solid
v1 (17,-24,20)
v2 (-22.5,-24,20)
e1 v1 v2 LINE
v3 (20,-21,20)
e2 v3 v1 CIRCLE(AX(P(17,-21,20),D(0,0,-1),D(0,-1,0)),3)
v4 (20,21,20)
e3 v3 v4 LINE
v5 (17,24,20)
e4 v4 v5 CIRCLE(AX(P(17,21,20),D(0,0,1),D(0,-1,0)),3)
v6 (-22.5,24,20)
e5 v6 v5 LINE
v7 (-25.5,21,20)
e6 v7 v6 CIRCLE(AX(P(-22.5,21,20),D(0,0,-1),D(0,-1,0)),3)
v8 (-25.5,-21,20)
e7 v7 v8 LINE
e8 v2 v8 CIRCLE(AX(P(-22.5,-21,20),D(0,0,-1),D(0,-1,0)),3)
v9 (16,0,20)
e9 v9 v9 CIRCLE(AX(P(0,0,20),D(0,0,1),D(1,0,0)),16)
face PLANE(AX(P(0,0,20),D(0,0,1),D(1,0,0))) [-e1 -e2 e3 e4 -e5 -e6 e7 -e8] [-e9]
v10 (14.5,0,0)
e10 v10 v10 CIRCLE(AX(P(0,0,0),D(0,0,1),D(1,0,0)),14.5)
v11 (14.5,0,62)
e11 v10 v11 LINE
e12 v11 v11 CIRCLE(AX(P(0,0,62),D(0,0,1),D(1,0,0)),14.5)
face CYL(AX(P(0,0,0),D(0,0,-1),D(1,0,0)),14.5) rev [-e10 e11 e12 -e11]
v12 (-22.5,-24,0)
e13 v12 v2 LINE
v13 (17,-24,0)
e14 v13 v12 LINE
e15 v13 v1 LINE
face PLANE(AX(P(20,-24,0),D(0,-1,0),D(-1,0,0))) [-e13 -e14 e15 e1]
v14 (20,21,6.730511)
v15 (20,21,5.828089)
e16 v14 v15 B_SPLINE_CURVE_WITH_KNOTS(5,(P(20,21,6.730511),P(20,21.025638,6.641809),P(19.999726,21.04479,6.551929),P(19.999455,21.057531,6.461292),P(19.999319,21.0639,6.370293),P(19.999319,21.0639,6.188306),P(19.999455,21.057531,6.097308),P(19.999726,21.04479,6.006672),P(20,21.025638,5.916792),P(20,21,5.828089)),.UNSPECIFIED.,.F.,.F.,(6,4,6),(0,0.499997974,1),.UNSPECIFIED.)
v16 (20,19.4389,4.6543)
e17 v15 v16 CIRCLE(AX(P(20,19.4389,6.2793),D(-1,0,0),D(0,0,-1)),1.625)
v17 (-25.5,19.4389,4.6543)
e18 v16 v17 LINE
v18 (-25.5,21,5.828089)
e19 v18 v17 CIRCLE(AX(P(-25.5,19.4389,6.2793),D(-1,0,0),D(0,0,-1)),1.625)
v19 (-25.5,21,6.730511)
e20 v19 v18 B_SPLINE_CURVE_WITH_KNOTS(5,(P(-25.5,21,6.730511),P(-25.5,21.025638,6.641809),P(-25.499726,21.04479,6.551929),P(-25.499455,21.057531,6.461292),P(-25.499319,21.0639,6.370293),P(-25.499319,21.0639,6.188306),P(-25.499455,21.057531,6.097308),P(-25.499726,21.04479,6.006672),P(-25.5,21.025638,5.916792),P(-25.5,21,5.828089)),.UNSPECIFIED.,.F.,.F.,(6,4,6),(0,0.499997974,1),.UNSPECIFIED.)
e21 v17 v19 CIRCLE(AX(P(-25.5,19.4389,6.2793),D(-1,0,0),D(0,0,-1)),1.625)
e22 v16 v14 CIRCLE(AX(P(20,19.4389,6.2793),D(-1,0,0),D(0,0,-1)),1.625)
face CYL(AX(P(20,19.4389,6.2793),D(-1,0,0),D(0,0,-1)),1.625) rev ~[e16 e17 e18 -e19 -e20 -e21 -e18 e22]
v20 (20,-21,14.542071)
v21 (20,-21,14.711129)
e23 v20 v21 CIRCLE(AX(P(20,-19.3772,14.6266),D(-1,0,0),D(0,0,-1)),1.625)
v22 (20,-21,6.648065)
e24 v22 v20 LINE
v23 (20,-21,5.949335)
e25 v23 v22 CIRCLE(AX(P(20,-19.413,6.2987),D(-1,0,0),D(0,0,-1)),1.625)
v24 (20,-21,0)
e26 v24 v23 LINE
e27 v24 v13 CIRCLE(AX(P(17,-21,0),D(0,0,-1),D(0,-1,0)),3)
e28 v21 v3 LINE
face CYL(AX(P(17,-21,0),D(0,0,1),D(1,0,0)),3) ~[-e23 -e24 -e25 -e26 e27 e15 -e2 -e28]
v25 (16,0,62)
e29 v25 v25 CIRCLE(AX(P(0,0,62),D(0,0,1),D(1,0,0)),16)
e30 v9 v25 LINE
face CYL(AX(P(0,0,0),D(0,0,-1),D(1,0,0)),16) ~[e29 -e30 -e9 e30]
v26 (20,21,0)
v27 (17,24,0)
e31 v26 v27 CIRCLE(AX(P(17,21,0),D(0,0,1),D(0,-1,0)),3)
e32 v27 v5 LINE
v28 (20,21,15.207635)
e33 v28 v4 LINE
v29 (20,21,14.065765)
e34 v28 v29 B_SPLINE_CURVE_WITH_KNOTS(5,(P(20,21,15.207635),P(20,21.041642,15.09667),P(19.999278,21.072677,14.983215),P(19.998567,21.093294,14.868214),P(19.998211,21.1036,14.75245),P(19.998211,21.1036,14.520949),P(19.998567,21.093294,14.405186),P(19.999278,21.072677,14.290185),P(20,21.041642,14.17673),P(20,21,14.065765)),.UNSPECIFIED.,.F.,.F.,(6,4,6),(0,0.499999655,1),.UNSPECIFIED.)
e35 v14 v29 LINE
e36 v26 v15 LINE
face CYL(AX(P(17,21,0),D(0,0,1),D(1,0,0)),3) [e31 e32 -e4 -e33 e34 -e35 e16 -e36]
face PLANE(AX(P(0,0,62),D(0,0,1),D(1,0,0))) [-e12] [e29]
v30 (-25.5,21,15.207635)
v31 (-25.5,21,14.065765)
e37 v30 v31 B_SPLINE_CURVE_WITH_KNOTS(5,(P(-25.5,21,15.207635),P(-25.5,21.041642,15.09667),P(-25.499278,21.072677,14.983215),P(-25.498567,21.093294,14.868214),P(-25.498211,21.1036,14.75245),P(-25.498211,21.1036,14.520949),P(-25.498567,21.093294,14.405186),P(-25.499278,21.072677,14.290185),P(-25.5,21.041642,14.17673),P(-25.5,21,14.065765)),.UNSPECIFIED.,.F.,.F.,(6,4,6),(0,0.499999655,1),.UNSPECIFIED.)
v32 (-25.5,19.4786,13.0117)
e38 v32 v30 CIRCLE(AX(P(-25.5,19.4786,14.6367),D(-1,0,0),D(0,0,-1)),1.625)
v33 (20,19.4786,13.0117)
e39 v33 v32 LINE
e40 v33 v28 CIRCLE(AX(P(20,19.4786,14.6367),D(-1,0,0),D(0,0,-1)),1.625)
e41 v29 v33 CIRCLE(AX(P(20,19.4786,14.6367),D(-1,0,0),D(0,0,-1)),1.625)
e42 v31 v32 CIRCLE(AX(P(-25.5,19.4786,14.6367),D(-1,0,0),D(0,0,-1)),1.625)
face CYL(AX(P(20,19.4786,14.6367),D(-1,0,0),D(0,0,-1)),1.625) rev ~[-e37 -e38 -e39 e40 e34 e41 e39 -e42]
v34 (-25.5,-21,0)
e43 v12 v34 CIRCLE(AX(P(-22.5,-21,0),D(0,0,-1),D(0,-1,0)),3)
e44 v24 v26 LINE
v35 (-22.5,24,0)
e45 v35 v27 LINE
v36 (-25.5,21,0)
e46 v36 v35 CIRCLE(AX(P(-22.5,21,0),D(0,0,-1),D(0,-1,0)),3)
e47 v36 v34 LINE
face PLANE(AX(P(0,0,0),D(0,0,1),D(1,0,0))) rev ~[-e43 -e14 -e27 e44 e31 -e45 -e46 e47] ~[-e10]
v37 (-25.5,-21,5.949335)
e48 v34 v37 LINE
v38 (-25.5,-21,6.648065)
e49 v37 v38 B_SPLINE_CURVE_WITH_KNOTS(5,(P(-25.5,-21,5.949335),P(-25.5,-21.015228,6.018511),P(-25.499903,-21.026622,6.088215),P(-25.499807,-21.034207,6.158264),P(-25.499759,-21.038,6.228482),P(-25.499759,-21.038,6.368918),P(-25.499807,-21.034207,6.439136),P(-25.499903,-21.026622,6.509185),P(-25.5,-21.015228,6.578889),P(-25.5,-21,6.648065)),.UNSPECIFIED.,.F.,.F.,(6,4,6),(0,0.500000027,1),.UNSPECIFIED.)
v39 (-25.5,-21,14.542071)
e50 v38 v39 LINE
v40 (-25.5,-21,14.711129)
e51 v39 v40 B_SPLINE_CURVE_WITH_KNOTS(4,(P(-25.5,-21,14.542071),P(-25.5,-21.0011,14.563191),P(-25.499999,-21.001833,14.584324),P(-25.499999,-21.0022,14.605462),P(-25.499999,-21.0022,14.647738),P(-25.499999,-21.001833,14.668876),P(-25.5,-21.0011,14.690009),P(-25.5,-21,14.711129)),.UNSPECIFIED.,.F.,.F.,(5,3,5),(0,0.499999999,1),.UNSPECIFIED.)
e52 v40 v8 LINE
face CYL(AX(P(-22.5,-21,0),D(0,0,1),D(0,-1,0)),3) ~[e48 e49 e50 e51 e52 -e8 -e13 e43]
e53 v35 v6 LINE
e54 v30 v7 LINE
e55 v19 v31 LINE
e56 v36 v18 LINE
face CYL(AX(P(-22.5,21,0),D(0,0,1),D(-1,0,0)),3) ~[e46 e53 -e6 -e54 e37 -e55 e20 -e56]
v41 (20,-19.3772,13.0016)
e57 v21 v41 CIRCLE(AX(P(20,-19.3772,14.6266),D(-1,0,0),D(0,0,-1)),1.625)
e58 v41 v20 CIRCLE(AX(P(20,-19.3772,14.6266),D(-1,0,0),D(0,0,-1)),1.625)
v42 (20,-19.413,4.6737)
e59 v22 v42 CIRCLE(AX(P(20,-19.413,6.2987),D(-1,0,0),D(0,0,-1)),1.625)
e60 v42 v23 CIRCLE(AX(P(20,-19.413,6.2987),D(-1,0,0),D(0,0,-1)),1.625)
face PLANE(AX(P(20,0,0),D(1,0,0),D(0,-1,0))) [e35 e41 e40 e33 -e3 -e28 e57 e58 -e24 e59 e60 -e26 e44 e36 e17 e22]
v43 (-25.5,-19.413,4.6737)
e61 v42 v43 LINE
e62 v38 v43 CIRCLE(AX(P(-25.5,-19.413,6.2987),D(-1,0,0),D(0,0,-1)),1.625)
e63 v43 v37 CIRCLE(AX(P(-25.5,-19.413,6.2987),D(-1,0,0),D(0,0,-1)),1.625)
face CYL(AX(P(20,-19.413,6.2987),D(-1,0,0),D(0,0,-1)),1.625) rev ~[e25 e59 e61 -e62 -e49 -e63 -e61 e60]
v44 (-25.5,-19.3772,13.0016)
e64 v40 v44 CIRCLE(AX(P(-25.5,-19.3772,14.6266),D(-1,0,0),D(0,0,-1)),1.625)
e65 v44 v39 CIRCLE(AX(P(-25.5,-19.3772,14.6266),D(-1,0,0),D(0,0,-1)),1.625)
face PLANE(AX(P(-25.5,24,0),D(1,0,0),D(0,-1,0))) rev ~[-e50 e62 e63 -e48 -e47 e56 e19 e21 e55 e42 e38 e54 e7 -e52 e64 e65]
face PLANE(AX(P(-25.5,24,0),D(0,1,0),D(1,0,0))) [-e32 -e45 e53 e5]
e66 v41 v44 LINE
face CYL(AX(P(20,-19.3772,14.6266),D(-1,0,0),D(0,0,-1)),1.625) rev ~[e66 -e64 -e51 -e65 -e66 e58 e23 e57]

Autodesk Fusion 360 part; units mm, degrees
sketch "Boceto8" plane through (0, 0, 0) normal (0, 0, 1) x (1, 0, 0)
sketch "Boceto9" plane through (0, 0, 0) normal (0, 0, 1) x (1, 0, 0)
  circle A0 centre (0, 0) radius 14.5
  line L0 (20, 0) -> (20, 20)
  line L1 (20, 0) -> (20, -20)
  circle A1 centre (0, 0) radius 16
  line L2 (20, 20) -> (20, 24)
  line L3 (20, -20) -> (20, -24)
  line L4 (20, -20) -> (20, -24)
  line L5 (20, 0) -> (20, 20)
  line L6 (20, 0) -> (20, -20)
  circle A2 centre (0, 0) radius 16
  circle A3 centre (0, 0) radius 14.5
  line L7 (20, 20) -> (20, 24)
  line L8 (-25.5, 24) -> (-25.5, -24)
  line L9 (-25.5, 24) -> (20, 24)
  line L10 (20, -24) -> (-25.5, -24)
  dimension "d26" = 29
  dimension "d27" = 20
  dimension "d36" = 32
  dimension "d63" = 29
  dimension "d64" = 20
  dimension "d65" = 32
extrude "Extruir8" add sketch "Boceto9" along normal blind 62 contours A1 A2
extrude "Extruir10" add sketch "Boceto9" along normal blind 20 contours L0 L1 L2 L3 L4 L5 L6 L7 L8 L9 L10
fillet "Empalme3" radius 3 4 edges at (-25.5, -24, 10) (-25.5, 24, 10) (20, 24, 10) (20, -24, 10)
hole "Agujero6" at (20, 19.4786, 14.6367) direction (-1, 0, 0) diameter 3.25 depth 80 tip angle 118
hole "Agujero7" at (20, 19.4389, 6.2793) direction (-1, 0, 0) diameter 3.25 depth 80 tip angle 118
sketch "Boceto11" plane through (20, 0, 0) normal (1, 0, 0) x (0, 1, 0)
  arc A0 (21, 6.7303) -> (21, 5.8282) centre (19.4389, 6.2793) ccw
  line L0 (21, 6.7303) -> (21, 14.0658)
  arc A1 (21, 15.2076) -> (21, 14.0658) centre (19.4786, 14.6367) ccw
  line L1 (21, 15.2076) -> (21, 20)
  line L2 (21, 20) -> (-21, 20)
  line L3 (-21, 20) -> (-21, 0)
  line L4 (-21, 0) -> (21, 0)
  line L5 (21, 0) -> (21, 5.8282)
hole "Agujero8" at (20, -19.3772, 14.6266) direction (-1, 0, 0) diameter 3.25 depth 80 tip angle 118
hole "Agujero9" at (20, -19.413, 6.2987) direction (-1, 0, 0) diameter 3.25 depth 80 tip angle 118
extrude "Extruir9" [suppressed]
